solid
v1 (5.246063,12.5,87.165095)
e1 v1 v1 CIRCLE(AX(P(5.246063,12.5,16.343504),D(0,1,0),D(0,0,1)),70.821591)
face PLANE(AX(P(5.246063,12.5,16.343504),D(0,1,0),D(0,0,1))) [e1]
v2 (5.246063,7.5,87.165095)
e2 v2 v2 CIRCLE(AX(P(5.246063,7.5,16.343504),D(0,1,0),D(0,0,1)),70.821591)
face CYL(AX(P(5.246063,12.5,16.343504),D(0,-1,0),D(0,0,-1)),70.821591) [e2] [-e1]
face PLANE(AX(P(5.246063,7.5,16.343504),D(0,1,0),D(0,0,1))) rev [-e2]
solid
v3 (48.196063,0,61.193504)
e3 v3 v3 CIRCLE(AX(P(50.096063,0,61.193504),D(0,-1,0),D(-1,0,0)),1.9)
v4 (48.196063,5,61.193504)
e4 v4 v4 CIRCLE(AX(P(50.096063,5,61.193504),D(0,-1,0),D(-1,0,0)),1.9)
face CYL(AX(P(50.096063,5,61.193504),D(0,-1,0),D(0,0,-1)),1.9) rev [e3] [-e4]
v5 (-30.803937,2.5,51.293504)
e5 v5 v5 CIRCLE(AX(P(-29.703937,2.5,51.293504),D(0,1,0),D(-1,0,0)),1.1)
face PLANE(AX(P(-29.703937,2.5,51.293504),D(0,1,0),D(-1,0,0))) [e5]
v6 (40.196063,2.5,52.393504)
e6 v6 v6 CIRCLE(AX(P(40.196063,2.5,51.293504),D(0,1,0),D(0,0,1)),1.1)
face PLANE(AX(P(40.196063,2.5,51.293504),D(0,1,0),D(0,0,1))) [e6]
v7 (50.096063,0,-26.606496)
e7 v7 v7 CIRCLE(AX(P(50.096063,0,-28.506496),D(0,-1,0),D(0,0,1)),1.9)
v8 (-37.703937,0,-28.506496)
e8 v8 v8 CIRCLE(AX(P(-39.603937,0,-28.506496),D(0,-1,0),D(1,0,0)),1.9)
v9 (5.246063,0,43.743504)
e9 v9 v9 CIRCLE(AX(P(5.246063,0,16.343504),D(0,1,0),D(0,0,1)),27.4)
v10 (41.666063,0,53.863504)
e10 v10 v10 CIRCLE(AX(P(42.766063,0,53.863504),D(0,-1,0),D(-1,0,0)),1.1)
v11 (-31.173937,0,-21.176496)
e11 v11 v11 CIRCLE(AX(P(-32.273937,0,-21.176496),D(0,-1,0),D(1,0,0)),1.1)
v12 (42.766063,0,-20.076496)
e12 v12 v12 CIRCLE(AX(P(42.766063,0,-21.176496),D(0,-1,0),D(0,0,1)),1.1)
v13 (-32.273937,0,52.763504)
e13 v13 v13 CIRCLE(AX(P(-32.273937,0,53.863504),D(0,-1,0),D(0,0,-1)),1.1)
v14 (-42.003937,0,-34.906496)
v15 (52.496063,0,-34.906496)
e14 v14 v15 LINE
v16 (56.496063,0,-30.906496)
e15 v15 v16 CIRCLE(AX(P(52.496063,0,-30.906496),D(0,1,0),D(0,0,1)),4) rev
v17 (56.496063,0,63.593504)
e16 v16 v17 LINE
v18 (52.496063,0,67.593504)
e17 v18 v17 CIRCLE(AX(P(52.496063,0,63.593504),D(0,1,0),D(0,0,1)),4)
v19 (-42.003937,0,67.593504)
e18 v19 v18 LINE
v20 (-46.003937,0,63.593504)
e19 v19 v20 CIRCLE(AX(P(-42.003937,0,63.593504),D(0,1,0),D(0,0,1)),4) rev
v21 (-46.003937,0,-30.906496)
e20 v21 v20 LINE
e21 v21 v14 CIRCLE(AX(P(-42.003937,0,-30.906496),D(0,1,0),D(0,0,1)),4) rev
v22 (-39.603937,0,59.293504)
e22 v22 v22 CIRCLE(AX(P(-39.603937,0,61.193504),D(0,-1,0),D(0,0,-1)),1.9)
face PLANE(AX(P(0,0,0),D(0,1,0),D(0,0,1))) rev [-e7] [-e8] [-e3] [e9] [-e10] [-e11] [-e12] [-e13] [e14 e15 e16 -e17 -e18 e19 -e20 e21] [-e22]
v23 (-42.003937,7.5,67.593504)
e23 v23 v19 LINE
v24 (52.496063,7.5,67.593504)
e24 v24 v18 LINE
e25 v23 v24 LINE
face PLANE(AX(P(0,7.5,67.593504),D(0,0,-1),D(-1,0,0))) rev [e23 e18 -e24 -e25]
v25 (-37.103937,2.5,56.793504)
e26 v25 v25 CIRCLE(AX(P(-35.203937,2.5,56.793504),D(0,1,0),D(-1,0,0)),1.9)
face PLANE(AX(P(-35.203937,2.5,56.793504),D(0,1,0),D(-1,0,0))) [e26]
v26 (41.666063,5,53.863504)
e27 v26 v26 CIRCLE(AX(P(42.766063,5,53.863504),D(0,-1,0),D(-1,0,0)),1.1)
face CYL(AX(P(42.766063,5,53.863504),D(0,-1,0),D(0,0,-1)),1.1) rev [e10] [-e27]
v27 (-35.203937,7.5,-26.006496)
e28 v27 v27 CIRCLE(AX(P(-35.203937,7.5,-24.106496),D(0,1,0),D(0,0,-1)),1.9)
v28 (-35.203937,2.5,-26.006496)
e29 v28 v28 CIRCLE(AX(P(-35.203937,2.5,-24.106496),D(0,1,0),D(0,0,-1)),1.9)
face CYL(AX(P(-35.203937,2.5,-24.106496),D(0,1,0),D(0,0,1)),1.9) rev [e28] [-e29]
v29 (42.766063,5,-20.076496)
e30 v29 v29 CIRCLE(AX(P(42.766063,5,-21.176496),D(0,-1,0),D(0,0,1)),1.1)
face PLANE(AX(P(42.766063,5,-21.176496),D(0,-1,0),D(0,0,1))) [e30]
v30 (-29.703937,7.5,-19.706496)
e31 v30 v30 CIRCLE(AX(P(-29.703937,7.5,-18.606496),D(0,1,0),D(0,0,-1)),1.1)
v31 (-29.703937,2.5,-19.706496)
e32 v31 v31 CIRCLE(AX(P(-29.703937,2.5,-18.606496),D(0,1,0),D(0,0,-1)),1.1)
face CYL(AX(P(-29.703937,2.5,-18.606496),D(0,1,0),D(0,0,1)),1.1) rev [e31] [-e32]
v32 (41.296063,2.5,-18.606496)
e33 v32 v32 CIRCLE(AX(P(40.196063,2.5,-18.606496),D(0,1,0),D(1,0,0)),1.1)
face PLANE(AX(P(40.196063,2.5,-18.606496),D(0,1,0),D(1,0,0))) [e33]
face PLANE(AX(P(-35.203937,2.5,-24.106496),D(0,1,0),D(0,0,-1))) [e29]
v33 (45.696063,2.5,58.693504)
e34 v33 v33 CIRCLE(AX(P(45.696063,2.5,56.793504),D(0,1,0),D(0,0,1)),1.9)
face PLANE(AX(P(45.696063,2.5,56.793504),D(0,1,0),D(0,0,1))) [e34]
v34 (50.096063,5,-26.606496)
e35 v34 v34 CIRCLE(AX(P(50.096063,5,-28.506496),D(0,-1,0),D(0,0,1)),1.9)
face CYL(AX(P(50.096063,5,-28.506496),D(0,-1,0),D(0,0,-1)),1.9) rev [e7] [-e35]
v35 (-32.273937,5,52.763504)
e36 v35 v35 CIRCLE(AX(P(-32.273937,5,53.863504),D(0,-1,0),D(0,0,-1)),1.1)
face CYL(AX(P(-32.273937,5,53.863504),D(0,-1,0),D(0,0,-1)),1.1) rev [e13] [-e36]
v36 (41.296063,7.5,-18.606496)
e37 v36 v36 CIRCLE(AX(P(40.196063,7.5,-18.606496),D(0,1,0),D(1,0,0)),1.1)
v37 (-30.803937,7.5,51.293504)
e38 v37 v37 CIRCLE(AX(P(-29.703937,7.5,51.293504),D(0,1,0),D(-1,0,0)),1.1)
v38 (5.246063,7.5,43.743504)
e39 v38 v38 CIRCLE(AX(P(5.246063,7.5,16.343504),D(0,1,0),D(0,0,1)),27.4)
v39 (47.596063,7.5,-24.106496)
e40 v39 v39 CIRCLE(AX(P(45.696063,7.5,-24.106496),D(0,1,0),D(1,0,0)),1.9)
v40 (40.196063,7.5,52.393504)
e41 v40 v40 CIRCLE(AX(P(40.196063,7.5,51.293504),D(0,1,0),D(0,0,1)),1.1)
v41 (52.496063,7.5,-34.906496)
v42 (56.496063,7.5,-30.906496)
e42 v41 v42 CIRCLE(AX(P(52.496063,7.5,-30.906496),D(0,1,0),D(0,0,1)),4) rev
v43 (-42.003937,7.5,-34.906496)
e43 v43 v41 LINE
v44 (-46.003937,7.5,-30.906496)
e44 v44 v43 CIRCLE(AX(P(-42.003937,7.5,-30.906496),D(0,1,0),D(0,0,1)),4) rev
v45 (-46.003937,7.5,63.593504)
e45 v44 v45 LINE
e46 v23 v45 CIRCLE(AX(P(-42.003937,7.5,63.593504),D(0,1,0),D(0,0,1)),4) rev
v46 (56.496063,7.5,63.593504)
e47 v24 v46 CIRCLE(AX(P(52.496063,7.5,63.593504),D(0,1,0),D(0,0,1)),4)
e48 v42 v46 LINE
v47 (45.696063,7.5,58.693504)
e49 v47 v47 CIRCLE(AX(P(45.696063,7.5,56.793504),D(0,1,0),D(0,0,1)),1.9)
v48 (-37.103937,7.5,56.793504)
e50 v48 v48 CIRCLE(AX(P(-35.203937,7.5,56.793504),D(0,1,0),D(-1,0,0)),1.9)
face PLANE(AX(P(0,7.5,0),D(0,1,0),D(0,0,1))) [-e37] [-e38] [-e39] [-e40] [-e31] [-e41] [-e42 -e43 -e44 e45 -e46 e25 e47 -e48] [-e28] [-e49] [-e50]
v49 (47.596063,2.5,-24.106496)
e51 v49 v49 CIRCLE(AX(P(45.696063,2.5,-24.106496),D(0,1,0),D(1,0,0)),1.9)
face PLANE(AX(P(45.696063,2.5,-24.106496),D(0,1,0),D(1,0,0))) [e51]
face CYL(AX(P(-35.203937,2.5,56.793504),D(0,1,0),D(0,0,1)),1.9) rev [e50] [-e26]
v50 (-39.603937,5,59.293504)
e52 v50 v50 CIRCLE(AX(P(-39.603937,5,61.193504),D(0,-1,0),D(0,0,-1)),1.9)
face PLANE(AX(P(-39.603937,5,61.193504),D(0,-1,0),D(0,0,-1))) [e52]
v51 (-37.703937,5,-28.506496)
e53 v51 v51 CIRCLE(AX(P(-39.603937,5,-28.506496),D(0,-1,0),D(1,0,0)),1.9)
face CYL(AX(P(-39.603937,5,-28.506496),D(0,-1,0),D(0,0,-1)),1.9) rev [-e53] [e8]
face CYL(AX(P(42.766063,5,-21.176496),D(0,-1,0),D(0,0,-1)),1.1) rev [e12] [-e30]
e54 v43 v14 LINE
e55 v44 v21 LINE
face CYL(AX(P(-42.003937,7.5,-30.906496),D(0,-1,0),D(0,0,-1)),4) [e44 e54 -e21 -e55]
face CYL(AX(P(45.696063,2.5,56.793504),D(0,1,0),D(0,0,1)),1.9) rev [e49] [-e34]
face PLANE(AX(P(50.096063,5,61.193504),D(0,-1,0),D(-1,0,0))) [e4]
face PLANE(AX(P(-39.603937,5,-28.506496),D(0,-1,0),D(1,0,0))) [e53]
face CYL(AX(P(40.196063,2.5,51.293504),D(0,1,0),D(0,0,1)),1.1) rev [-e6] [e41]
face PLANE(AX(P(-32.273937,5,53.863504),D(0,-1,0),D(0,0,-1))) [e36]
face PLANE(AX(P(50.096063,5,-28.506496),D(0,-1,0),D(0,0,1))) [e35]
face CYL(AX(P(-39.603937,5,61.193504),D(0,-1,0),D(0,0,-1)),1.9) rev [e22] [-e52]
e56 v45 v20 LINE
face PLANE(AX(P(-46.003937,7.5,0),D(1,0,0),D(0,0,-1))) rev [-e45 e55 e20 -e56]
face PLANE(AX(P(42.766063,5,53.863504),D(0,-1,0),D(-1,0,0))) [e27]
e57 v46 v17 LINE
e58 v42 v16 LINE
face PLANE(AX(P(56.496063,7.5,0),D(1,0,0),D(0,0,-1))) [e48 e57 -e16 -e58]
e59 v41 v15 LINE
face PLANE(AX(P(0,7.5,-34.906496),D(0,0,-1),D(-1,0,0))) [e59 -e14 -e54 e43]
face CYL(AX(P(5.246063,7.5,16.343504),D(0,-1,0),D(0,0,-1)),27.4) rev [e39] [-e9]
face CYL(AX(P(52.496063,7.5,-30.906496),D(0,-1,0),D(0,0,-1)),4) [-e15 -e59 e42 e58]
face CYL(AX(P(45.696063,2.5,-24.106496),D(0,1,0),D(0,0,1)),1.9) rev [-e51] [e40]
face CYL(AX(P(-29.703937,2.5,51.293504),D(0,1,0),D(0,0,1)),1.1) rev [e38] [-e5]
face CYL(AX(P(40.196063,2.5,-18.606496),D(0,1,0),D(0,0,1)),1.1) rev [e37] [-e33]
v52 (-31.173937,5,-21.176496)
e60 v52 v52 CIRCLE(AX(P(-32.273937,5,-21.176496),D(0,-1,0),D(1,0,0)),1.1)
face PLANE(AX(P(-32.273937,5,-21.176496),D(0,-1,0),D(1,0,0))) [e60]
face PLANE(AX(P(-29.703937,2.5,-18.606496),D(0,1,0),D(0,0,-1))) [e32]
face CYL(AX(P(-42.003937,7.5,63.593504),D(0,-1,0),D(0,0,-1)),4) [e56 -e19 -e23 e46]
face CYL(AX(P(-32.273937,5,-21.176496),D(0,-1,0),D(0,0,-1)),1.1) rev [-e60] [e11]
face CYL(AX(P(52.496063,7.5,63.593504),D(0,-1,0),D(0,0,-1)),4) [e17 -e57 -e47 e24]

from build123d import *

# Parameters (mm, degrees)
BOSS_EXTRUDE1_DEPTH = 7.5
SKETCH4_R           = 70.821590822
BOSS_EXTRUDE3_DEPTH = 5
SKETCH5_R           = 1.9
SKETCH5_R_2         = 1.1
CUT_EXTRUDE1_DEPTH  = 5
CIRPATTERN1_COUNT   = 4
SKETCH7_R           = 1.9
SKETCH7_R_2         = 1.1
CUT_EXTRUDE2_DEPTH  = 5
CIRPATTERN2_COUNT   = 4


with BuildPart() as part:
    # Sketch1 → Boss-Extrude1 (new body)
    with BuildSketch(Plane(origin=(0, 0, 0), x_dir=(1, 0, 0), z_dir=(0, 1, 0))):
        with BuildLine():
            ThreePointArc((-42.003937008, 34.906496063), (-44.832364133, 33.734923188), (-46.003937008, 30.906496063))
            Line((-46.003937008, 30.906496063), (-46.003937008, -63.593503937))
            ThreePointArc((-46.003937008, -63.593503937), (-44.832364133, -66.421931062), (-42.003937008, -67.593503937))
            Line((-42.003937008, -67.593503937), (52.496062992, -67.593503937))
            ThreePointArc((52.496062992, -67.593503937), (55.324490117, -66.421931062), (56.496062992, -63.593503937))
            Line((56.496062992, -63.593503937), (56.496062992, 30.906496063))
            ThreePointArc((56.496062992, 30.906496063), (55.324490117, 33.734923188), (52.496062992, 34.906496063))
            Line((52.496062992, 34.906496063), (-42.003937008, 34.906496063))
        make_face()
        with BuildLine():
            ThreePointArc((-14.128662812, 3.031221868), (5.246062992, 11.056496063), (24.620788797, 3.031221868))
            ThreePointArc((24.620788797, 3.031221868), (30.560362183, -5.85797789), (32.646062992, -16.343503937))
            ThreePointArc((32.646062992, -16.343503937), (15.731589039, -41.657803128), (-14.128662812, -35.718229742))
            ThreePointArc((-14.128662812, -35.718229742), (-22.153937008, -16.343503937), (-14.128662812, 3.031221868))
        make_face(mode=Mode.SUBTRACT)
    extrude(amount=BOSS_EXTRUDE1_DEPTH)

    # Sketch5 → Cut-Extrude1 (cut)
    with BuildSketch(Plane(origin=(0, 7.5, 0), x_dir=(1, 0, 0), z_dir=(0, 1, 0))):
        with Locations((45.696062992, -56.793503937)):
            Circle(SKETCH5_R)
        with Locations((40.196062992, -51.293503937)):
            Circle(SKETCH5_R_2)
    cut_extrude1 = extrude(amount=-CUT_EXTRUDE1_DEPTH, mode=Mode.SUBTRACT)

    # CirPattern1: Cut-Extrude1 ×4 about axis
    cirpattern1_axis = Axis((5.246062992, 121.392189585, 16.343503937), (0, -1, 0))
    for i in range(1, CIRPATTERN1_COUNT):
        add(cut_extrude1.rotate(cirpattern1_axis, i * 360 / CIRPATTERN1_COUNT), mode=Mode.SUBTRACT)

    # Sketch7 → Cut-Extrude2 (cut)
    with BuildSketch(Plane(origin=(0, 0, 0), x_dir=(-1, 0, 0), z_dir=(0, -1, 0))):
        with Locations((39.603937008, -61.193503937)):
            Circle(SKETCH7_R)
        with Locations((32.273937008, -53.863503937)):
            Circle(SKETCH7_R_2)
    cut_extrude2 = extrude(amount=-CUT_EXTRUDE2_DEPTH, mode=Mode.SUBTRACT)

    # CirPattern2: Cut-Extrude2 ×4 about axis
    cirpattern2_axis = Axis((5.246062992, 121.392189585, 16.343503937), (0, -1, 0))
    for i in range(1, CIRPATTERN2_COUNT):
        add(cut_extrude2.rotate(cirpattern2_axis, i * 360 / CIRPATTERN2_COUNT), mode=Mode.SUBTRACT)


with BuildPart() as body_2:
    # Sketch4 → Boss-Extrude3 (new body)
    with BuildSketch(Plane(origin=(0, 7.5, 0), x_dir=(1, 0, 0), z_dir=(0, 1, 0))):
        with Locations((5.246062992, -16.343503937)):
            Circle(SKETCH4_R)
    extrude(amount=BOSS_EXTRUDE3_DEPTH)


solid = Compound([part.part, body_2.part])
